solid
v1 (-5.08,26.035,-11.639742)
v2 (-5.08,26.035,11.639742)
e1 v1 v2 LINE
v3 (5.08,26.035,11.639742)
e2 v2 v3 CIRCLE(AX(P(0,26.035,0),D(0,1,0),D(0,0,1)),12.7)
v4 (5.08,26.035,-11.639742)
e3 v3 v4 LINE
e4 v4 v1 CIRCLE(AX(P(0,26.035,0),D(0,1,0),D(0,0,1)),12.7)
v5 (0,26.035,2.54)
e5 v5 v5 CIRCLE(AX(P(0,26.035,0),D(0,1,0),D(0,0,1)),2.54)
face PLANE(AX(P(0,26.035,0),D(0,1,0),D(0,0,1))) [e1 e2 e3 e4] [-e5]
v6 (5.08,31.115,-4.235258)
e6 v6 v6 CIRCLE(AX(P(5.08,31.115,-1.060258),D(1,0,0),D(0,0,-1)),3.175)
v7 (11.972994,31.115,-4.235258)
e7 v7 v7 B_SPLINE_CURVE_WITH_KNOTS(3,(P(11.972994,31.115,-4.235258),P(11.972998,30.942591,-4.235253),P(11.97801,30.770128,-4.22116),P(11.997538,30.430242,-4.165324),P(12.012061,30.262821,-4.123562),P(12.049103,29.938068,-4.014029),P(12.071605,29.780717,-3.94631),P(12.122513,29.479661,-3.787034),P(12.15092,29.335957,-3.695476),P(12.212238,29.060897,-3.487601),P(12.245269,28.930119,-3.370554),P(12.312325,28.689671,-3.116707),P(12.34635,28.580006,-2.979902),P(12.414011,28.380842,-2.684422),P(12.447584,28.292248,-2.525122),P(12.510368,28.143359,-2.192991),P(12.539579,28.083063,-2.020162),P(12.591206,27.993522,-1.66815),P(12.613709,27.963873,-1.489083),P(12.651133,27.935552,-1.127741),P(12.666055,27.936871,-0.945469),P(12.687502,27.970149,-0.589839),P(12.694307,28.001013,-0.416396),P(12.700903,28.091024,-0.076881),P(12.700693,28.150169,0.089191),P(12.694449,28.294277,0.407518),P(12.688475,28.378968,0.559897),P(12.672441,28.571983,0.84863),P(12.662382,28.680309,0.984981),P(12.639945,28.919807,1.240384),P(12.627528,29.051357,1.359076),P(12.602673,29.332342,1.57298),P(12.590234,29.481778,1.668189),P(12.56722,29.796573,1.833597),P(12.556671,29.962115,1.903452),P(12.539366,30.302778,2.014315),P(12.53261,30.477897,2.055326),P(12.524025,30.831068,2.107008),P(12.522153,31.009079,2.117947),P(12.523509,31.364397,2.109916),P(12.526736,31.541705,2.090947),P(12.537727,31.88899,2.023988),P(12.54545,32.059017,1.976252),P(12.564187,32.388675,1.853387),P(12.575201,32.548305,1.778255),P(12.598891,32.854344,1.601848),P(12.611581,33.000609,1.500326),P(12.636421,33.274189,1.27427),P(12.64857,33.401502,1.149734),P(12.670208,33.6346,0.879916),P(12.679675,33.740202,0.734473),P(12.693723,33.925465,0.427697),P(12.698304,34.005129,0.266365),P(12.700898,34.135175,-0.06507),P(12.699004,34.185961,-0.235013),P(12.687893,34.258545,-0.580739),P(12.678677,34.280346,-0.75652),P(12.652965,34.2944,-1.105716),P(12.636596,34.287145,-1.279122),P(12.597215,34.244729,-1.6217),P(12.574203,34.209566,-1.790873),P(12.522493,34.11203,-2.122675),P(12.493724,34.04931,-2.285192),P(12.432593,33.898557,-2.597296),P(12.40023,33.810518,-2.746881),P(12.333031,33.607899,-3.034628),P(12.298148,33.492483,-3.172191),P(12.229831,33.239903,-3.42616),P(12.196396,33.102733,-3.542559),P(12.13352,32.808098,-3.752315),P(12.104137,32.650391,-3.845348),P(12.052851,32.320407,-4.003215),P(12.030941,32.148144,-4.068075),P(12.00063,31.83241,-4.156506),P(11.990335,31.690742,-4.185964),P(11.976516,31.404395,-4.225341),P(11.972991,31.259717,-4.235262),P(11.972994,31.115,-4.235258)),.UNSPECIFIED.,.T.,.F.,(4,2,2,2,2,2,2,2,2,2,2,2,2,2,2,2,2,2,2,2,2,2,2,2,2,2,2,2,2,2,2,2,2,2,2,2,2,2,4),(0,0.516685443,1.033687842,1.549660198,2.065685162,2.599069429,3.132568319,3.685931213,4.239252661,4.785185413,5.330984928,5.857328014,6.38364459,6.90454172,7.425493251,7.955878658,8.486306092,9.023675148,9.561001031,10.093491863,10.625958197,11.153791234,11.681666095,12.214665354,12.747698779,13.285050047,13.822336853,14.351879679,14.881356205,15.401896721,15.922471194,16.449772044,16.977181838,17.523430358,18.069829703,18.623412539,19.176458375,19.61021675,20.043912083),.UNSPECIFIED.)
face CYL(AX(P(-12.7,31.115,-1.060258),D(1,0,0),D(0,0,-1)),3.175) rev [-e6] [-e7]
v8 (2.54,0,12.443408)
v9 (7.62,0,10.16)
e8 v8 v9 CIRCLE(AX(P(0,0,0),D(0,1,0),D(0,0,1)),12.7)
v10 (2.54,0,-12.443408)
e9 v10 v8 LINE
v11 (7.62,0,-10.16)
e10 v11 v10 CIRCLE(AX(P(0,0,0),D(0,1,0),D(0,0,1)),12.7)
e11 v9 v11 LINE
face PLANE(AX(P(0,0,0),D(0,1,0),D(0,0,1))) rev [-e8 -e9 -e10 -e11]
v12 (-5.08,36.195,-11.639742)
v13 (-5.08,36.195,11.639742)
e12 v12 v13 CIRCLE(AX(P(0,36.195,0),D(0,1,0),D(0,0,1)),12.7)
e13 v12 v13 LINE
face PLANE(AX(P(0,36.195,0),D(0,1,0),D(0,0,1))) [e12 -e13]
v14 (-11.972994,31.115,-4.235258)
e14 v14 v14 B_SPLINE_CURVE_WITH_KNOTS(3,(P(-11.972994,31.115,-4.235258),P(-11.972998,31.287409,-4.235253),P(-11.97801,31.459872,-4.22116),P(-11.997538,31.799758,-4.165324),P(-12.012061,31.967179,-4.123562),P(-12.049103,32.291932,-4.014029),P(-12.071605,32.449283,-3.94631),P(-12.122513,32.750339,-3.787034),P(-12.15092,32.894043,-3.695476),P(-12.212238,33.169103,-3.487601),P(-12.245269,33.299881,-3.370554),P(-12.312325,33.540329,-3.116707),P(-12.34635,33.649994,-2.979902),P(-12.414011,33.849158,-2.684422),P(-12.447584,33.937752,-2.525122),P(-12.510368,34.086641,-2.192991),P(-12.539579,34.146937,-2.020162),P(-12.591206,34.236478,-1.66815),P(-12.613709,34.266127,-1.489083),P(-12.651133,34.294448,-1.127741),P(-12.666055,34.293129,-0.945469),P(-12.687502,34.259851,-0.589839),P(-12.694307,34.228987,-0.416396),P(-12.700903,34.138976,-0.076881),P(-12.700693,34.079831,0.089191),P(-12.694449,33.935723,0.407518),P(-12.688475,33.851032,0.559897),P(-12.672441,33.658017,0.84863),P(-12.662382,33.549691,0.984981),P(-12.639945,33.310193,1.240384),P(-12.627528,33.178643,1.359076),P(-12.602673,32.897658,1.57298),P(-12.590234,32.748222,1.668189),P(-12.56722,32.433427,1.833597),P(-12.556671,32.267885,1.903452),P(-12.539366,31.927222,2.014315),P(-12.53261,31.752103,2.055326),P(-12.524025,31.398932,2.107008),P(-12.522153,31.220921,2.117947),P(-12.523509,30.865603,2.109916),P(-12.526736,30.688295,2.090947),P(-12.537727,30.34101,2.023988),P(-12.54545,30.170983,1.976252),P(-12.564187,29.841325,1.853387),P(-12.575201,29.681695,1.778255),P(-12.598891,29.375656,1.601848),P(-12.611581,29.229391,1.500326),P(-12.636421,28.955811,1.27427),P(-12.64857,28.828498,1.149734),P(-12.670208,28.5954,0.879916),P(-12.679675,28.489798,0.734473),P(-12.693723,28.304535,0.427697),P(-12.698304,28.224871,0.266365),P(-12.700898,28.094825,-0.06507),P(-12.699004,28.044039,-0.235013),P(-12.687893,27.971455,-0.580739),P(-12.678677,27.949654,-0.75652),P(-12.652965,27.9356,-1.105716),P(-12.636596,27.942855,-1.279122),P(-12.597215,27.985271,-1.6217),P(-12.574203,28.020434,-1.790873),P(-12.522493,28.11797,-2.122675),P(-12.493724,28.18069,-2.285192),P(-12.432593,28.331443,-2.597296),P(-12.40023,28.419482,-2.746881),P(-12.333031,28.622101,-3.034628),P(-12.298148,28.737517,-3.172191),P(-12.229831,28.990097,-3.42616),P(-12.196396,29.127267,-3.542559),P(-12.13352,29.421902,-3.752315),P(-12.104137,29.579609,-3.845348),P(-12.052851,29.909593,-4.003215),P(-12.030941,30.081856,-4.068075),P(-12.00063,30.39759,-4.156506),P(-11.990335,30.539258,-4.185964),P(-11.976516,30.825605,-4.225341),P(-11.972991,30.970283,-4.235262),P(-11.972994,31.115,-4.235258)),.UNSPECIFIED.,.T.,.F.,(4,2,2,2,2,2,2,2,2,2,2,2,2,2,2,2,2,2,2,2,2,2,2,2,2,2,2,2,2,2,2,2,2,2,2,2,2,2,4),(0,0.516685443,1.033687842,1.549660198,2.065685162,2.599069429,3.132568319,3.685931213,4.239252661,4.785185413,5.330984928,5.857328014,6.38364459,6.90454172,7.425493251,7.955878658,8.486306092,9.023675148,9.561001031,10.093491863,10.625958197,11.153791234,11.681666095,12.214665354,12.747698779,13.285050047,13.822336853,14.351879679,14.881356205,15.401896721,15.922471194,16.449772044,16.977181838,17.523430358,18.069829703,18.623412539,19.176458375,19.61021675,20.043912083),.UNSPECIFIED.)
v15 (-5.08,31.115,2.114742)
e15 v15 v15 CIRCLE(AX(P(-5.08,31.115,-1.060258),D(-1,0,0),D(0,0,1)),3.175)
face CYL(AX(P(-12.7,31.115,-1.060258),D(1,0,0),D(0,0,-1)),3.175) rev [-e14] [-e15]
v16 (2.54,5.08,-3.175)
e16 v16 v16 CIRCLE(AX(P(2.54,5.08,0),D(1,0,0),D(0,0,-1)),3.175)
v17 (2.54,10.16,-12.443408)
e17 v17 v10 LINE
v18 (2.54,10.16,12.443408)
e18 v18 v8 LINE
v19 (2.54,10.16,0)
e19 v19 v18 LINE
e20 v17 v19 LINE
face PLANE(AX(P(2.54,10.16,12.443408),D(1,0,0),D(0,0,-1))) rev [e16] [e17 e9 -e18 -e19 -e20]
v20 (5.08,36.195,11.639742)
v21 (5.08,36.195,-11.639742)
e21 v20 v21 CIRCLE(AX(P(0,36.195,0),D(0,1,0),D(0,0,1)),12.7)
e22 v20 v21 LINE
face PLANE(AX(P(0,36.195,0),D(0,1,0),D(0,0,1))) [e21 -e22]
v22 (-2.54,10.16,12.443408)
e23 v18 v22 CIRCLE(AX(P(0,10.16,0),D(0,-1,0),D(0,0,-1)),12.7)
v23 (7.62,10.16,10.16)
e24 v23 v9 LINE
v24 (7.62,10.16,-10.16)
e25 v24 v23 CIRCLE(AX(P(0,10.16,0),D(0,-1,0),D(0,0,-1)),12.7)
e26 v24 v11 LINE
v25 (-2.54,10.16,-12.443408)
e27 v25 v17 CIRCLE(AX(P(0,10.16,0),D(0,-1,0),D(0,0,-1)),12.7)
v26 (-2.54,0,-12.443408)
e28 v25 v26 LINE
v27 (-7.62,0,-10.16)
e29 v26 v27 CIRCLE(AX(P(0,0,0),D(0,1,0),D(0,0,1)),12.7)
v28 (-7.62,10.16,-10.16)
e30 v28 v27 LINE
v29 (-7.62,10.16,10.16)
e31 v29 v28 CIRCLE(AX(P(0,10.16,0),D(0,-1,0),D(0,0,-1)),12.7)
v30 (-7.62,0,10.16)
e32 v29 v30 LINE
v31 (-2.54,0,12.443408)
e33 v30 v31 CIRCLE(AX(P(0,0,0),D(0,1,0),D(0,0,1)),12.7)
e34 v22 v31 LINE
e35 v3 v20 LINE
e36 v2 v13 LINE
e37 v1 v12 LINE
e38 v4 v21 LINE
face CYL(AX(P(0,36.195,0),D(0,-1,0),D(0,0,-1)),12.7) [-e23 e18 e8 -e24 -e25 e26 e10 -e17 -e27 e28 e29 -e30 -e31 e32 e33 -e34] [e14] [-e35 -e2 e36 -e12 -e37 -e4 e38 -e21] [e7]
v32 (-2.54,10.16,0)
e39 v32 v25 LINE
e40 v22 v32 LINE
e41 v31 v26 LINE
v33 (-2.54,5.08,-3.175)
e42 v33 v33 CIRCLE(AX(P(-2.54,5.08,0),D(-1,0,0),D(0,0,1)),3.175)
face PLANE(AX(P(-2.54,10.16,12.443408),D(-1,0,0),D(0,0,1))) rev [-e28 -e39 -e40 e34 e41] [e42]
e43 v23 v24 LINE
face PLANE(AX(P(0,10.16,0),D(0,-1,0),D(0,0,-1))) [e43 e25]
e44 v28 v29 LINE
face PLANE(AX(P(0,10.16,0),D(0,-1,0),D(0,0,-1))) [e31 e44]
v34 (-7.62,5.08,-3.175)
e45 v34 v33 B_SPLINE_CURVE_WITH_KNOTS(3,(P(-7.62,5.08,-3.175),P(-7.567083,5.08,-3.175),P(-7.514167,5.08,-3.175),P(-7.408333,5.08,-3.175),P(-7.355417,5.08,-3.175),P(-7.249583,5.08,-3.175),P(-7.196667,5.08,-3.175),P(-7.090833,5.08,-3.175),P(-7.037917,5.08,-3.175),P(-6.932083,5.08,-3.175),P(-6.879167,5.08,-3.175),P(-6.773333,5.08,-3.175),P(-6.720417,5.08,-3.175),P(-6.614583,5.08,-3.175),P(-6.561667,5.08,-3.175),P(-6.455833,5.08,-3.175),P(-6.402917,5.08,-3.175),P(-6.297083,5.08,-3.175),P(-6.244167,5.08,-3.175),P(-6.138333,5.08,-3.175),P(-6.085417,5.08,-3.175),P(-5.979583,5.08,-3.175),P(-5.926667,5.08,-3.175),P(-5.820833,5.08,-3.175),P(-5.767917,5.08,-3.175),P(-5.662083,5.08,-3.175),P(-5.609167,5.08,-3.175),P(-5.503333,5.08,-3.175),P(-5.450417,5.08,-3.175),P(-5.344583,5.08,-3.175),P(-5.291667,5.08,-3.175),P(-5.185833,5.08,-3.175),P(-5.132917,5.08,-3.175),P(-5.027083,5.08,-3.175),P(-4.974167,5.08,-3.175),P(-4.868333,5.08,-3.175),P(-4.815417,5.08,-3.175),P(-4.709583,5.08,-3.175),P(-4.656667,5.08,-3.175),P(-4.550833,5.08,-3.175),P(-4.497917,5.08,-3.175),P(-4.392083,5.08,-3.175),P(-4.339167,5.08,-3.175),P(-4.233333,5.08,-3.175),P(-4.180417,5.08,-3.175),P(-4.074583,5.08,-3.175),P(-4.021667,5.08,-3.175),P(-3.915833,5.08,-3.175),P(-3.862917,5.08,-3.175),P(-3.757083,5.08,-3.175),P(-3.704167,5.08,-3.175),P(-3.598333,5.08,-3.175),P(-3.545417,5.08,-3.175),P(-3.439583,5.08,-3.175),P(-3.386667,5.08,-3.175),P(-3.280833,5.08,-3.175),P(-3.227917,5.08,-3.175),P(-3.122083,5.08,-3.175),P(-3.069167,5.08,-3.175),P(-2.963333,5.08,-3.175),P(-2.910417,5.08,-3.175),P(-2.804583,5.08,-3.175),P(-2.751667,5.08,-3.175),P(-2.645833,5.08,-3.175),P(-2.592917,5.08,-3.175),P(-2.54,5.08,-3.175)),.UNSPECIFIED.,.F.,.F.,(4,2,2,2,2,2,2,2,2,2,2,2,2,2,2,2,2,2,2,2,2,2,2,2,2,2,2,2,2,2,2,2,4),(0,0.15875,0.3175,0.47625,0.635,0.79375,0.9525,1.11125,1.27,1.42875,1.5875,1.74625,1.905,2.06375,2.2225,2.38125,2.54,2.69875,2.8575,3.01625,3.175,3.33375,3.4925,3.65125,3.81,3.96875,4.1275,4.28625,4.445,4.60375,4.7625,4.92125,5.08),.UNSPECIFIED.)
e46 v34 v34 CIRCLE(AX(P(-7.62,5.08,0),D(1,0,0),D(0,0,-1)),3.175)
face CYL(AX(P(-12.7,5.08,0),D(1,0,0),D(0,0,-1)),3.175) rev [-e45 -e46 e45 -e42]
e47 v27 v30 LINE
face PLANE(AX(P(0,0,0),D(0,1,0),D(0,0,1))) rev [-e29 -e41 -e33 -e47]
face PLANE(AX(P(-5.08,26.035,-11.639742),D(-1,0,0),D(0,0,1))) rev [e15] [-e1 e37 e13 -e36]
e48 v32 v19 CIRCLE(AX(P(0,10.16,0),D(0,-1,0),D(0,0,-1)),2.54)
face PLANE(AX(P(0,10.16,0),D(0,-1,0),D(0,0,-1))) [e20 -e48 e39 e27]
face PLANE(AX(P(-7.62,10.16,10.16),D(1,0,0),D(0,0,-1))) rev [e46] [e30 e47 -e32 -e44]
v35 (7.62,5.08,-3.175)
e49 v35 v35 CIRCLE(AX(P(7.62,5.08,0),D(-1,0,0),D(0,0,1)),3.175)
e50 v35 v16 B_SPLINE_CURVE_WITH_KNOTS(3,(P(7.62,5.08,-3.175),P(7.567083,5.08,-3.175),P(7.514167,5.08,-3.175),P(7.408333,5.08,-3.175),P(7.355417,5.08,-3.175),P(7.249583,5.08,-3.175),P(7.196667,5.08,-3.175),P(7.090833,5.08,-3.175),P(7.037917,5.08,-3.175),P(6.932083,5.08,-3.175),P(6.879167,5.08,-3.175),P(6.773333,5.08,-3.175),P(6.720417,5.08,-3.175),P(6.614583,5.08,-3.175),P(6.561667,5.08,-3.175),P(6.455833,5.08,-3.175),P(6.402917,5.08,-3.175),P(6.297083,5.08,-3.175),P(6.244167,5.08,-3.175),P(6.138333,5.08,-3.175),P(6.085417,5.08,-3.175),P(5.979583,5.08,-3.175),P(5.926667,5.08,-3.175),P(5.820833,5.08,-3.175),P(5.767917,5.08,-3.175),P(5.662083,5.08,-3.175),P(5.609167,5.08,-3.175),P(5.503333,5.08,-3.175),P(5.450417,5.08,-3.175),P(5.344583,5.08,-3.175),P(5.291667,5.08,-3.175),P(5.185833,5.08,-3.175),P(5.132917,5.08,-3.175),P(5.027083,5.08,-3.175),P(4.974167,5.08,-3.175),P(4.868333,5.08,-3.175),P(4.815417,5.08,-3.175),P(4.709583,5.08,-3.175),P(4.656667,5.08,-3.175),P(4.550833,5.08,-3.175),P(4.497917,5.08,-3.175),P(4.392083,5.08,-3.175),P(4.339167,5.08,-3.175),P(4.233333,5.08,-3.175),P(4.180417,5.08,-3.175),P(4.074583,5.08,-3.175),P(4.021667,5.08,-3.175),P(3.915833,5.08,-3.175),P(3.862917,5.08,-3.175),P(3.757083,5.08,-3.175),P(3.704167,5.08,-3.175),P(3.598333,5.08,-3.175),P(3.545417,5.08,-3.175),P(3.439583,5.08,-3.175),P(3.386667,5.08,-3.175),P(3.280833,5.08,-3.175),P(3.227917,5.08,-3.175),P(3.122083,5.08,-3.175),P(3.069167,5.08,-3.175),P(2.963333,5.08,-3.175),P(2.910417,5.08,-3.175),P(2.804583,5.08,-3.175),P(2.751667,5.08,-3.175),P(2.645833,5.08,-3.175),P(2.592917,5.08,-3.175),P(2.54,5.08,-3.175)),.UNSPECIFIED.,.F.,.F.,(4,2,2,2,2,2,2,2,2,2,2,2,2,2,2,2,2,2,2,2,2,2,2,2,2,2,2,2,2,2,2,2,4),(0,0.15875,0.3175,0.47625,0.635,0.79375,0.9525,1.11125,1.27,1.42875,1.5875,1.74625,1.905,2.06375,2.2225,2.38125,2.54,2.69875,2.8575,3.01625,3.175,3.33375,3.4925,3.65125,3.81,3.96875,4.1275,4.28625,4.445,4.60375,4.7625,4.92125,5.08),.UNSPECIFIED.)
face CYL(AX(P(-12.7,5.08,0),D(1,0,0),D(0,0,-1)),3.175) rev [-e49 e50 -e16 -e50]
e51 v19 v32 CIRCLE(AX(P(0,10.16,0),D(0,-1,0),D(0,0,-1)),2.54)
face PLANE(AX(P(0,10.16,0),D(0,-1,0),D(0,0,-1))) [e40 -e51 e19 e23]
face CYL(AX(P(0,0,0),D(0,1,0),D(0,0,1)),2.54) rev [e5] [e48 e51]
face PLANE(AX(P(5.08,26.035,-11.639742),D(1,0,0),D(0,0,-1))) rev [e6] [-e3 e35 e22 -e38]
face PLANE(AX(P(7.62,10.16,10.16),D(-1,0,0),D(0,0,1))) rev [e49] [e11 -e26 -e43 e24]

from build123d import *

# Parameters (mm, degrees)
SKETCH1_R               = 12.7
BOSS_EXTRUDE1_DEPTH     = 36.195
CUT_EXTRUDE1_START      = -10.16
CUT_EXTRUDE1_DEPTH      = 10.16
CUT_EXTRUDE2_DEPTH      = 10.16
CUT_EXTRUDE3_DEPTH      = 43.278794034
CUT_EXTRUDE3_DEPTH_BACK = 43.278794034
SKETCH4_R               = 3.175
SKETCH5_R               = 2.54
CUT_EXTRUDE4_DEPTH      = 32.629120053


with BuildPart() as part:
    # Sketch1 → Boss-Extrude1 (new body)
    with BuildSketch(Plane(origin=(0, 0, 0), x_dir=(1, 0, 0), z_dir=(0, 1, 0))):
        with Locations(Location((0, 0, 0), (0, 0, 270))):
            Circle(SKETCH1_R)
    extrude(amount=BOSS_EXTRUDE1_DEPTH)

    # Sketch2 → Cut-Extrude1 (cut)
    with BuildSketch(Plane(origin=(0, 36.195, 0), x_dir=(1, 0, 0), z_dir=(0, 1, 0)).offset(CUT_EXTRUDE1_START)):
        with BuildLine():
            Line((5.08, 11.639742265), (5.08, -11.639742265))
            ThreePointArc((5.08, -11.639742265), (0, -12.7), (-5.08, -11.639742265))
            Line((-5.08, -11.639742265), (-5.08, 11.639742265))
            ThreePointArc((-5.08, 11.639742265), (0, 12.7), (5.08, 11.639742265))
        make_face()
    extrude(amount=CUT_EXTRUDE1_DEPTH, mode=Mode.SUBTRACT)

    # Sketch3 → Cut-Extrude2 (cut)
    with BuildSketch(Plane.XZ):
        with BuildLine():
            Line((-2.54, 12.443407893), (-2.54, -12.443407893))
            ThreePointArc((-2.54, -12.443407893), (0, -12.7), (2.54, -12.443407893))
            Line((2.54, -12.443407893), (2.54, 12.443407893))
            ThreePointArc((2.54, 12.443407893), (0, 12.7), (-2.54, 12.443407893))
        make_face()
        with BuildLine():
            Line((-7.62, 10.16), (-7.62, -10.16))
            ThreePointArc((-7.62, -10.16), (-12.7, 0), (-7.62, 10.16))
        make_face()
        with BuildLine():
            Line((7.62, 10.16), (7.62, -10.16))
            ThreePointArc((7.62, -10.16), (12.7, 0), (7.62, 10.16))
        make_face()
    extrude(amount=-CUT_EXTRUDE2_DEPTH, mode=Mode.SUBTRACT)

    # Sketch4 → Cut-Extrude3 (cut, two sides: drawn at the far end of the back side and taken through both)
    with BuildSketch(Plane(origin=(-5.08, 0, 0), x_dir=(0, 0, -1), z_dir=(1, 0, 0)).offset(-CUT_EXTRUDE3_DEPTH_BACK)):
        with Locations((1.060257735, 31.115)):
            Circle(SKETCH4_R)
        with Locations((0, 5.08)):
            Circle(SKETCH4_R)
    extrude(amount=CUT_EXTRUDE3_DEPTH + CUT_EXTRUDE3_DEPTH_BACK, mode=Mode.SUBTRACT)

    # Sketch5 → Cut-Extrude4 (cut, through all)
    with BuildSketch(Plane(origin=(0, 26.035, 0), x_dir=(1, 0, 0), z_dir=(0, 1, 0))):
        with Locations(Location((0, 0, 0), (0, 0, 270))):
            Circle(SKETCH5_R)
    extrude(amount=-CUT_EXTRUDE4_DEPTH, mode=Mode.SUBTRACT)


solid = part.part
